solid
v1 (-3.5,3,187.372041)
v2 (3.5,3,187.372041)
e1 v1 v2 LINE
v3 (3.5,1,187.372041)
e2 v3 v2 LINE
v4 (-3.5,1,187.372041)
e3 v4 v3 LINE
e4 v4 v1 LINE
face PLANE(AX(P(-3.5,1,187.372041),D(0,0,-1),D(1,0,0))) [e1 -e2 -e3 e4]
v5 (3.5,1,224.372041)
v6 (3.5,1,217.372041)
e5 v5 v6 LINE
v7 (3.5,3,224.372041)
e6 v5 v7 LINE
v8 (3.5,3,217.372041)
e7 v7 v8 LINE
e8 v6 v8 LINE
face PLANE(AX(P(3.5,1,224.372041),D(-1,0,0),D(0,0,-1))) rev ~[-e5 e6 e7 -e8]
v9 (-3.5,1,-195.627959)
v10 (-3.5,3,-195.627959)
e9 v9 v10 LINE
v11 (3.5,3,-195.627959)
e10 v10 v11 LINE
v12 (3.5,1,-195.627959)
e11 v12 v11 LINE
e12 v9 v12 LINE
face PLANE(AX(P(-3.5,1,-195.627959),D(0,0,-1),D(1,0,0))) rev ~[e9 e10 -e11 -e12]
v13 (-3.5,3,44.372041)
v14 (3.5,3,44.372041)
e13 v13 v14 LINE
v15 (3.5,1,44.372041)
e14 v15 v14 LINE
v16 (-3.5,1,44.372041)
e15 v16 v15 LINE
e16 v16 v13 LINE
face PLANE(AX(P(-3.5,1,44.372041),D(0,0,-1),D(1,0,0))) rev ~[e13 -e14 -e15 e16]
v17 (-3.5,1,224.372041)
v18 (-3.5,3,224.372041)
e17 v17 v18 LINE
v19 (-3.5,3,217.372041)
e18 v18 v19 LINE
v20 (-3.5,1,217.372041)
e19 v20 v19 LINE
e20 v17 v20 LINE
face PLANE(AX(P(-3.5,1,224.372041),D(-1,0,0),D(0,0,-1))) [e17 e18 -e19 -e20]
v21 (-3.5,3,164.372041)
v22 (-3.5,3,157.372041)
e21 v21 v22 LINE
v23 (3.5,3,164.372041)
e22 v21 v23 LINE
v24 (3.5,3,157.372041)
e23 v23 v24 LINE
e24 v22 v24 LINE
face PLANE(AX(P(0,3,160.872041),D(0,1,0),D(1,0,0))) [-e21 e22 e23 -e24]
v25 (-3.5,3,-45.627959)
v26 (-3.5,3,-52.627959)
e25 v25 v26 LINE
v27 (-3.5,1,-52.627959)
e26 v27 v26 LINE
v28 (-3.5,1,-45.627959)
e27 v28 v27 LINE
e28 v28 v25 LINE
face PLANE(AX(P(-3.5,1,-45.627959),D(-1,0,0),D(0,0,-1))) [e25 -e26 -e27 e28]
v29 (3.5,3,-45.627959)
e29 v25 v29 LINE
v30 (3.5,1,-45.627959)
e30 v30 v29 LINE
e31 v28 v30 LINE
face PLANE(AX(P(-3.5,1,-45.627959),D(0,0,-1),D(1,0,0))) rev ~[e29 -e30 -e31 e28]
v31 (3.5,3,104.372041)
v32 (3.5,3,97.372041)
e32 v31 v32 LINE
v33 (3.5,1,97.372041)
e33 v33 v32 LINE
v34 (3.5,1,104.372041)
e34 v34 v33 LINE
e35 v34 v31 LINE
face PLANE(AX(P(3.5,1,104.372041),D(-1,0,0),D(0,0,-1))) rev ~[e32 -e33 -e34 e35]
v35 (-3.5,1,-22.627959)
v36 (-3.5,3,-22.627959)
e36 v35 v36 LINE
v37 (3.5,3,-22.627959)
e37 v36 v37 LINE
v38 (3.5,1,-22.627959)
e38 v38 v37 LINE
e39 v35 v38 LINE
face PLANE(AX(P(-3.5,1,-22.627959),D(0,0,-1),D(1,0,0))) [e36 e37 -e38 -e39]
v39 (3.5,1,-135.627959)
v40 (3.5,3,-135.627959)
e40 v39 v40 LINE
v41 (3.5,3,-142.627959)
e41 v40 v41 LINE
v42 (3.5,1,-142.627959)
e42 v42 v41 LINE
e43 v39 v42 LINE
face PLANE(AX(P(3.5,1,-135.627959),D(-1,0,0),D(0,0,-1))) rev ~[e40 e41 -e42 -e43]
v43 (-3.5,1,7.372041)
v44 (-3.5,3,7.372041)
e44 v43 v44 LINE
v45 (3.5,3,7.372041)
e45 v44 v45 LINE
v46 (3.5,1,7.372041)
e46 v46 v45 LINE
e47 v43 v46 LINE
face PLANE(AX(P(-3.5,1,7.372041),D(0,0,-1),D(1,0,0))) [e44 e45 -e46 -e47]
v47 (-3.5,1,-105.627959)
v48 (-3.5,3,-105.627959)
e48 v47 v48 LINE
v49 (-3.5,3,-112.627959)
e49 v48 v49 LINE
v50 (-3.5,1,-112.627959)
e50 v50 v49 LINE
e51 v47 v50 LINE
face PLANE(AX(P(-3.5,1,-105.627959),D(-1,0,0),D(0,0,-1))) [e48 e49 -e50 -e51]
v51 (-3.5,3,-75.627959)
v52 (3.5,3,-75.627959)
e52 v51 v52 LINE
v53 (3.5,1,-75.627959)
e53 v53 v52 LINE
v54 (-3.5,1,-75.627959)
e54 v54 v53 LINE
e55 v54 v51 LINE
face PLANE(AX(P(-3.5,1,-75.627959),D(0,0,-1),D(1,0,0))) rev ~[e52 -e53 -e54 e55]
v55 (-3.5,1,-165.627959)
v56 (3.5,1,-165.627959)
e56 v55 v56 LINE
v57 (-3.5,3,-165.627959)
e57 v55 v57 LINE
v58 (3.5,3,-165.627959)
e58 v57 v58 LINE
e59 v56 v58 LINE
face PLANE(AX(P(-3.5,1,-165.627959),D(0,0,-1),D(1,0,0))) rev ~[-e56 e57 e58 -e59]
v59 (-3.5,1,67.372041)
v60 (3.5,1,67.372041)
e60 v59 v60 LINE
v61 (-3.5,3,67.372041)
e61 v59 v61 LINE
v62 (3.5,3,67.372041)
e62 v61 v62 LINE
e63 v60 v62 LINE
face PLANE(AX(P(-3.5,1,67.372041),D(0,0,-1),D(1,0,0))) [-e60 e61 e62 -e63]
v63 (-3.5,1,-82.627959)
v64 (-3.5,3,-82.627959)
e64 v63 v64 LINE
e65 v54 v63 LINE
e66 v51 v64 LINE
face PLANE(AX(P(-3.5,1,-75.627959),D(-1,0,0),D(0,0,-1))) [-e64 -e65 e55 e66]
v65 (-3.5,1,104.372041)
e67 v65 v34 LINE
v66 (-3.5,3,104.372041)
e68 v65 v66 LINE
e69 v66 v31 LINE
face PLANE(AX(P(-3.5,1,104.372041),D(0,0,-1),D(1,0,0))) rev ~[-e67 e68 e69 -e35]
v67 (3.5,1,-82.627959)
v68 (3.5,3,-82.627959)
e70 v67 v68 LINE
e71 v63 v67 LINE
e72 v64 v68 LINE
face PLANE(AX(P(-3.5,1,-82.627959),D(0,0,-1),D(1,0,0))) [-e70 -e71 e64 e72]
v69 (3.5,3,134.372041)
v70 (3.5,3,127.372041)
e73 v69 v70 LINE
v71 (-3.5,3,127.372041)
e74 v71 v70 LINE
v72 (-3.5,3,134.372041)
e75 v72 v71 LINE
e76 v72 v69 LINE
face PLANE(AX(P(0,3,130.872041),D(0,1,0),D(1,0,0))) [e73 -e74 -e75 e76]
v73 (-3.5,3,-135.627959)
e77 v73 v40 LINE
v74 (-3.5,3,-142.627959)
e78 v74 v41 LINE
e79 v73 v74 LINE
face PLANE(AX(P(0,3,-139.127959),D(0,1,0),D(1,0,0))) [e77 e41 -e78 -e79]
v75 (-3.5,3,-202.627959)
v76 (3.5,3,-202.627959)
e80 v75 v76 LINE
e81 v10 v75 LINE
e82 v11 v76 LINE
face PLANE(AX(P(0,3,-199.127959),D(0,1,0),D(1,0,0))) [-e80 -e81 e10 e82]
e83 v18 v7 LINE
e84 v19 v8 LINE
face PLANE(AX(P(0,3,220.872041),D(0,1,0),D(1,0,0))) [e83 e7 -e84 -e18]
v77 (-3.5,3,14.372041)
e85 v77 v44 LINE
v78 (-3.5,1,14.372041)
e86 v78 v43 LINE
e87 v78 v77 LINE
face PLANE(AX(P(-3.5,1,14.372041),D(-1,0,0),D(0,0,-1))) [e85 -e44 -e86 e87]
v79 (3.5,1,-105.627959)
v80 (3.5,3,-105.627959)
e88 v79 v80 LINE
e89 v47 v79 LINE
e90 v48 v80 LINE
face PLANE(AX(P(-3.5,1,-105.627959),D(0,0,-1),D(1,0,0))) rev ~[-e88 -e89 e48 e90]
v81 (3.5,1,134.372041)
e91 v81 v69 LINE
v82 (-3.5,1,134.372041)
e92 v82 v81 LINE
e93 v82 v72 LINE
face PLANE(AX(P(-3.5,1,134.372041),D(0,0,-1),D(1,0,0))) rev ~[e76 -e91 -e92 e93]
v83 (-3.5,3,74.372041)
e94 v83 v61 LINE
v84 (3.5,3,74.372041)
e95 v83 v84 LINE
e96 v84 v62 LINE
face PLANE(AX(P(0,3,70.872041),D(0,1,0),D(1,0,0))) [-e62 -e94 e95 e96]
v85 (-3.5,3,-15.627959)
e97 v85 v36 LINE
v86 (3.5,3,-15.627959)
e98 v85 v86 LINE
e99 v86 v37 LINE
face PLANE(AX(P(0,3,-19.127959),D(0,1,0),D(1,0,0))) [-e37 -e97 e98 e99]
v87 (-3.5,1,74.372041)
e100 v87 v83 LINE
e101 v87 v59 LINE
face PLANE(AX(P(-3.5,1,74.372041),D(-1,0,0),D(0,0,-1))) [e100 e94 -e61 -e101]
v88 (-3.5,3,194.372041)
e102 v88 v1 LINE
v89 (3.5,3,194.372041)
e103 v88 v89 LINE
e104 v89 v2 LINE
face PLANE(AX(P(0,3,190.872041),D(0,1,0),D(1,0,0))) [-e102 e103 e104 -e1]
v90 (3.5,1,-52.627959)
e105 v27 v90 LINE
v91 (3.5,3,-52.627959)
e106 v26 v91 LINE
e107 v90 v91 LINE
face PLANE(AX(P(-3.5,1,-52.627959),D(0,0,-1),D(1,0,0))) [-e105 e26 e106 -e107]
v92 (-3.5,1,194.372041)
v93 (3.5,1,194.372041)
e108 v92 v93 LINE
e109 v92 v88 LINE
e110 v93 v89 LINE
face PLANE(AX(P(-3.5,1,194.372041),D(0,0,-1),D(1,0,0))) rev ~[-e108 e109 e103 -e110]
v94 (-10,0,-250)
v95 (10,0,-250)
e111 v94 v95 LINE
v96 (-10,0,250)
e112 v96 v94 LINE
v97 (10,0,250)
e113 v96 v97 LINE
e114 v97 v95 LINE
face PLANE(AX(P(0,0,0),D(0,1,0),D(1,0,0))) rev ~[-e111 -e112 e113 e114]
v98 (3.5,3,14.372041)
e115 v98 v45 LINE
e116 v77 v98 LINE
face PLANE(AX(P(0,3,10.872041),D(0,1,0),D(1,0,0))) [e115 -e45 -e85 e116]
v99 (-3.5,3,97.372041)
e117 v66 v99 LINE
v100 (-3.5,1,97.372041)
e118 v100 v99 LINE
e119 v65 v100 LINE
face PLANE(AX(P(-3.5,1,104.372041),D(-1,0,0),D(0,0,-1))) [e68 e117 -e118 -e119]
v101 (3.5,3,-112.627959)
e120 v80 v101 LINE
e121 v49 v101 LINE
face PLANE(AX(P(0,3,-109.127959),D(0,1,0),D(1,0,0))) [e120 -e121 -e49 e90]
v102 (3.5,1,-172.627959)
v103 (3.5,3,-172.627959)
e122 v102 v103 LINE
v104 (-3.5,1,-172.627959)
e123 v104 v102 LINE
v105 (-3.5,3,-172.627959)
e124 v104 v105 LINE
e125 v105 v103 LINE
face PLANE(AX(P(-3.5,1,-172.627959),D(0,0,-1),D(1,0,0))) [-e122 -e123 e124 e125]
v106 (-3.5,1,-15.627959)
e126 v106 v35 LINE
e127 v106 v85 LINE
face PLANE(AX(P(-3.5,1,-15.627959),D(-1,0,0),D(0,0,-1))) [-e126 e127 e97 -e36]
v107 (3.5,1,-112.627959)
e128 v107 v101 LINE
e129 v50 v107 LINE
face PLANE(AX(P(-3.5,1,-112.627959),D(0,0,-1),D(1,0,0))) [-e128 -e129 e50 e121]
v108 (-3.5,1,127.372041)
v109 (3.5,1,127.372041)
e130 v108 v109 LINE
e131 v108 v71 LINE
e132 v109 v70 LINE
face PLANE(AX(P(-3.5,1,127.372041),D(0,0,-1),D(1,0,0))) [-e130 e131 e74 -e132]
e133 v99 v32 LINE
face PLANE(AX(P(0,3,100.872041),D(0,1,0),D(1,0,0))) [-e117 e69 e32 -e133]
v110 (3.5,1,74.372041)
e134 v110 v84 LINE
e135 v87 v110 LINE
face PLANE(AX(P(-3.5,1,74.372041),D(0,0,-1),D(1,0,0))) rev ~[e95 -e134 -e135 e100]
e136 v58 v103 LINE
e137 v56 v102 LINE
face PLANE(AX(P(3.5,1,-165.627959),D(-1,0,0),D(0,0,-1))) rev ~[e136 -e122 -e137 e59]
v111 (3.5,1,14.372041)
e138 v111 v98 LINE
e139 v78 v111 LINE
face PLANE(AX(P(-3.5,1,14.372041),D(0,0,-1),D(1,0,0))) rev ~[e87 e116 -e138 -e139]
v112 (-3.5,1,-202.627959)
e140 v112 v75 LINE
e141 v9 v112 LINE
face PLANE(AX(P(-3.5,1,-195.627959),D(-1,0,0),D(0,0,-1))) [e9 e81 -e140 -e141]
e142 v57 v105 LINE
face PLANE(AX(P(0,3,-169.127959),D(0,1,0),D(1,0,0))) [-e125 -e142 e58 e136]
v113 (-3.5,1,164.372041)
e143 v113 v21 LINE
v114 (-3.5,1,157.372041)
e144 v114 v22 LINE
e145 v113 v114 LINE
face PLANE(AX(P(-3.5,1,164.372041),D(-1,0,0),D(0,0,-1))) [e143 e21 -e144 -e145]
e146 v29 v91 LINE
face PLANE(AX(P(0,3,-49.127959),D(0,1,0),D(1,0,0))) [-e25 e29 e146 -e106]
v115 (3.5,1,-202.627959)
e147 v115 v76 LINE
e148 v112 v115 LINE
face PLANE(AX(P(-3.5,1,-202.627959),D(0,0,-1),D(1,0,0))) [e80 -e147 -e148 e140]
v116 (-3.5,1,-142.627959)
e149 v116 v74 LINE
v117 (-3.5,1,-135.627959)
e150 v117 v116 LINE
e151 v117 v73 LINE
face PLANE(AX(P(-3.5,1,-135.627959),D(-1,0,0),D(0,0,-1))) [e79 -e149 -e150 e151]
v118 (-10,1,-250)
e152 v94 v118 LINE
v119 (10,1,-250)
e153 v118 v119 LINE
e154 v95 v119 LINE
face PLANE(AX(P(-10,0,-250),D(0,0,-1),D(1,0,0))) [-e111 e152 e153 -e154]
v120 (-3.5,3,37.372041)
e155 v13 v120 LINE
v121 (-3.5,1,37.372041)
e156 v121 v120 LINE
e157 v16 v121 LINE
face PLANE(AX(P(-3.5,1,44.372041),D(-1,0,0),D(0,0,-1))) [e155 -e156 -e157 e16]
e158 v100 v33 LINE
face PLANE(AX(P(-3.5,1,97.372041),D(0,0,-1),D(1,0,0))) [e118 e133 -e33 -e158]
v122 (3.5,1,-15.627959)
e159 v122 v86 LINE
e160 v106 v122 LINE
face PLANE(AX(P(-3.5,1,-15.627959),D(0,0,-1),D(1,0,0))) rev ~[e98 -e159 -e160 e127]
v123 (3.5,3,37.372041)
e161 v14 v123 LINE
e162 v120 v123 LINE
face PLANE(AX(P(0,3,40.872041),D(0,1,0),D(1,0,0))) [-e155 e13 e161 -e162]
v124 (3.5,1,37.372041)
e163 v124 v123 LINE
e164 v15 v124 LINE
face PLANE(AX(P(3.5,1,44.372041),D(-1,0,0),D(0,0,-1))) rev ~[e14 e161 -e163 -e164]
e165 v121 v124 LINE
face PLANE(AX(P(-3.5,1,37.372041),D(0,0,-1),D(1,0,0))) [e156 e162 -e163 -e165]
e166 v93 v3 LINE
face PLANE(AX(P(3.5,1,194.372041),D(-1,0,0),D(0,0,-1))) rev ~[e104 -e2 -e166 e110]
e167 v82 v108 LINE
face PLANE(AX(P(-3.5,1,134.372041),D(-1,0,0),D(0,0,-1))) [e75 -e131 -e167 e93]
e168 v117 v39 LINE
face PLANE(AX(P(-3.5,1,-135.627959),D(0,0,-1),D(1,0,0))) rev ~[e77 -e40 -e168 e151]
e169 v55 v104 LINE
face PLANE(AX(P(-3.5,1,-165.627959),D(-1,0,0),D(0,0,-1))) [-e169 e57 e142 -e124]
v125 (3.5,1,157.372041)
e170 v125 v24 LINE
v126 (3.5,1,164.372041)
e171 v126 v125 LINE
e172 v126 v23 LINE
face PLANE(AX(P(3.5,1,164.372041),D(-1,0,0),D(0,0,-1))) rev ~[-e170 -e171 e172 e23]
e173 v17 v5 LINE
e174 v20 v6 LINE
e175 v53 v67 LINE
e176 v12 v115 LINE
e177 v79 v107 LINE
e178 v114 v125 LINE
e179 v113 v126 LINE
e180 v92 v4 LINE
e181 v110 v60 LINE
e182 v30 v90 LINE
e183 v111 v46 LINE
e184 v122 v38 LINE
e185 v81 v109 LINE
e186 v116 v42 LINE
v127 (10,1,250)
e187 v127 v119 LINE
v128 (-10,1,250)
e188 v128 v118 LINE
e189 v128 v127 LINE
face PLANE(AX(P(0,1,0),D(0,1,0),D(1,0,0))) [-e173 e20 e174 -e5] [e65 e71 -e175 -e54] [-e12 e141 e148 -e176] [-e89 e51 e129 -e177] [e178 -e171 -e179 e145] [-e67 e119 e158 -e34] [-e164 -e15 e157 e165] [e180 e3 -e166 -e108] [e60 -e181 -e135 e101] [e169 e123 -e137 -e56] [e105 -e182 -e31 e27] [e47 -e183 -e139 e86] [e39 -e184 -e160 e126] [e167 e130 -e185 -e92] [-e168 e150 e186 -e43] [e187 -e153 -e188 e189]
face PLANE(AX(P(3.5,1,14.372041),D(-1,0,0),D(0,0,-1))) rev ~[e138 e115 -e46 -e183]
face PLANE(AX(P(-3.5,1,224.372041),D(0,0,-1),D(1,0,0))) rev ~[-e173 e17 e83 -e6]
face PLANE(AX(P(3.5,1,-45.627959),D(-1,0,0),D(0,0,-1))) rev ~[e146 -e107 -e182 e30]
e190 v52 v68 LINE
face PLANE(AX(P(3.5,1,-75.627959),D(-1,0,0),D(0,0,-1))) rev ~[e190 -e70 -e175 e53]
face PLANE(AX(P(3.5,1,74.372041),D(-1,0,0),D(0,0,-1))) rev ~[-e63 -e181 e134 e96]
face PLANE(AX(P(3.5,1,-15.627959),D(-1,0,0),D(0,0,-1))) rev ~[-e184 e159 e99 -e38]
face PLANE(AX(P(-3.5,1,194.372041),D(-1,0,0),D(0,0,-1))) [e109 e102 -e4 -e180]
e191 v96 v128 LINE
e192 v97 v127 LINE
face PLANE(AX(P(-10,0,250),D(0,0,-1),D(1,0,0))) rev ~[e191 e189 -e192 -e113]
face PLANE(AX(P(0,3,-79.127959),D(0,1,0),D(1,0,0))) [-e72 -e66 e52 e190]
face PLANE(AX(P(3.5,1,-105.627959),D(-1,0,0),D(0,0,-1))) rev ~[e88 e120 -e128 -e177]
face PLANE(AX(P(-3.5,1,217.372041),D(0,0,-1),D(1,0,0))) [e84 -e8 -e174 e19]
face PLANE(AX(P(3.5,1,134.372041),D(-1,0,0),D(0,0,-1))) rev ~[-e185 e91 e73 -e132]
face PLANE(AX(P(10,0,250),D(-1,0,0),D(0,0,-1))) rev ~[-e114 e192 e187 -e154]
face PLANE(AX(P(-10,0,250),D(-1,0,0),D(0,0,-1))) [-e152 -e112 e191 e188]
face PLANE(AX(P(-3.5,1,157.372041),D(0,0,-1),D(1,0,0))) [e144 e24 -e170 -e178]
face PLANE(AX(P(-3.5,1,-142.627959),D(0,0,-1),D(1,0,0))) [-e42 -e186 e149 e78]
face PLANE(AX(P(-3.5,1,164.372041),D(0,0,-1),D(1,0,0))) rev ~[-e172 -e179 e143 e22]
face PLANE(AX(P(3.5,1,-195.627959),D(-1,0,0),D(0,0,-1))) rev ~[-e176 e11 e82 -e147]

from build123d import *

# Parameters (mm, degrees)
ESQUISSE1_W                    = 20
ESQUISSE1_H                    = 500
BOSS_EXTRU_1_DEPTH             = 1
ESQUISSE2_W                    = 7
ESQUISSE2_H                    = 7
BOSS_EXTRU_2_DEPTH             = 2
R_P_TITION_LIN_AIRE1_COUNT     = 7
R_P_TITION_LIN_AIRE1_PITCH     = 30
R_P_TITION_LIN_AIRE1_COL_COUNT = 9
R_P_TITION_LIN_AIRE1_COL_PITCH = 30


with BuildPart() as part:
    # Esquisse1 → Boss.-Extru.1 (new body)
    with BuildSketch(Plane(origin=(0, 0, 0), x_dir=(1, 0, 0), z_dir=(0, 1, 0))):
        Rectangle(ESQUISSE1_W, ESQUISSE1_H)
    extrude(amount=BOSS_EXTRU_1_DEPTH)

    # Esquisse2 → Boss.-Extru.2 (add)
    with BuildSketch(Plane(origin=(0, 1, 0), x_dir=(1, 0, 0), z_dir=(0, 1, 0))):
        with Locations((0, 19.127958594)):
            Rectangle(ESQUISSE2_W, ESQUISSE2_H)
    boss_extru_2 = extrude(amount=BOSS_EXTRU_2_DEPTH)

    # Répétition linéaire1: Boss.-Extru.2 ×7
    with Locations(*[(0, 0, -i * R_P_TITION_LIN_AIRE1_PITCH) for i in range(1, R_P_TITION_LIN_AIRE1_COUNT)]):
        add(boss_extru_2)

    # Répétition linéaire1 col: Boss.-Extru.2 ×9
    with Locations(*[(0, 0, i * R_P_TITION_LIN_AIRE1_COL_PITCH) for i in range(1, R_P_TITION_LIN_AIRE1_COL_COUNT)]):
        add(boss_extru_2)


solid = part.part
